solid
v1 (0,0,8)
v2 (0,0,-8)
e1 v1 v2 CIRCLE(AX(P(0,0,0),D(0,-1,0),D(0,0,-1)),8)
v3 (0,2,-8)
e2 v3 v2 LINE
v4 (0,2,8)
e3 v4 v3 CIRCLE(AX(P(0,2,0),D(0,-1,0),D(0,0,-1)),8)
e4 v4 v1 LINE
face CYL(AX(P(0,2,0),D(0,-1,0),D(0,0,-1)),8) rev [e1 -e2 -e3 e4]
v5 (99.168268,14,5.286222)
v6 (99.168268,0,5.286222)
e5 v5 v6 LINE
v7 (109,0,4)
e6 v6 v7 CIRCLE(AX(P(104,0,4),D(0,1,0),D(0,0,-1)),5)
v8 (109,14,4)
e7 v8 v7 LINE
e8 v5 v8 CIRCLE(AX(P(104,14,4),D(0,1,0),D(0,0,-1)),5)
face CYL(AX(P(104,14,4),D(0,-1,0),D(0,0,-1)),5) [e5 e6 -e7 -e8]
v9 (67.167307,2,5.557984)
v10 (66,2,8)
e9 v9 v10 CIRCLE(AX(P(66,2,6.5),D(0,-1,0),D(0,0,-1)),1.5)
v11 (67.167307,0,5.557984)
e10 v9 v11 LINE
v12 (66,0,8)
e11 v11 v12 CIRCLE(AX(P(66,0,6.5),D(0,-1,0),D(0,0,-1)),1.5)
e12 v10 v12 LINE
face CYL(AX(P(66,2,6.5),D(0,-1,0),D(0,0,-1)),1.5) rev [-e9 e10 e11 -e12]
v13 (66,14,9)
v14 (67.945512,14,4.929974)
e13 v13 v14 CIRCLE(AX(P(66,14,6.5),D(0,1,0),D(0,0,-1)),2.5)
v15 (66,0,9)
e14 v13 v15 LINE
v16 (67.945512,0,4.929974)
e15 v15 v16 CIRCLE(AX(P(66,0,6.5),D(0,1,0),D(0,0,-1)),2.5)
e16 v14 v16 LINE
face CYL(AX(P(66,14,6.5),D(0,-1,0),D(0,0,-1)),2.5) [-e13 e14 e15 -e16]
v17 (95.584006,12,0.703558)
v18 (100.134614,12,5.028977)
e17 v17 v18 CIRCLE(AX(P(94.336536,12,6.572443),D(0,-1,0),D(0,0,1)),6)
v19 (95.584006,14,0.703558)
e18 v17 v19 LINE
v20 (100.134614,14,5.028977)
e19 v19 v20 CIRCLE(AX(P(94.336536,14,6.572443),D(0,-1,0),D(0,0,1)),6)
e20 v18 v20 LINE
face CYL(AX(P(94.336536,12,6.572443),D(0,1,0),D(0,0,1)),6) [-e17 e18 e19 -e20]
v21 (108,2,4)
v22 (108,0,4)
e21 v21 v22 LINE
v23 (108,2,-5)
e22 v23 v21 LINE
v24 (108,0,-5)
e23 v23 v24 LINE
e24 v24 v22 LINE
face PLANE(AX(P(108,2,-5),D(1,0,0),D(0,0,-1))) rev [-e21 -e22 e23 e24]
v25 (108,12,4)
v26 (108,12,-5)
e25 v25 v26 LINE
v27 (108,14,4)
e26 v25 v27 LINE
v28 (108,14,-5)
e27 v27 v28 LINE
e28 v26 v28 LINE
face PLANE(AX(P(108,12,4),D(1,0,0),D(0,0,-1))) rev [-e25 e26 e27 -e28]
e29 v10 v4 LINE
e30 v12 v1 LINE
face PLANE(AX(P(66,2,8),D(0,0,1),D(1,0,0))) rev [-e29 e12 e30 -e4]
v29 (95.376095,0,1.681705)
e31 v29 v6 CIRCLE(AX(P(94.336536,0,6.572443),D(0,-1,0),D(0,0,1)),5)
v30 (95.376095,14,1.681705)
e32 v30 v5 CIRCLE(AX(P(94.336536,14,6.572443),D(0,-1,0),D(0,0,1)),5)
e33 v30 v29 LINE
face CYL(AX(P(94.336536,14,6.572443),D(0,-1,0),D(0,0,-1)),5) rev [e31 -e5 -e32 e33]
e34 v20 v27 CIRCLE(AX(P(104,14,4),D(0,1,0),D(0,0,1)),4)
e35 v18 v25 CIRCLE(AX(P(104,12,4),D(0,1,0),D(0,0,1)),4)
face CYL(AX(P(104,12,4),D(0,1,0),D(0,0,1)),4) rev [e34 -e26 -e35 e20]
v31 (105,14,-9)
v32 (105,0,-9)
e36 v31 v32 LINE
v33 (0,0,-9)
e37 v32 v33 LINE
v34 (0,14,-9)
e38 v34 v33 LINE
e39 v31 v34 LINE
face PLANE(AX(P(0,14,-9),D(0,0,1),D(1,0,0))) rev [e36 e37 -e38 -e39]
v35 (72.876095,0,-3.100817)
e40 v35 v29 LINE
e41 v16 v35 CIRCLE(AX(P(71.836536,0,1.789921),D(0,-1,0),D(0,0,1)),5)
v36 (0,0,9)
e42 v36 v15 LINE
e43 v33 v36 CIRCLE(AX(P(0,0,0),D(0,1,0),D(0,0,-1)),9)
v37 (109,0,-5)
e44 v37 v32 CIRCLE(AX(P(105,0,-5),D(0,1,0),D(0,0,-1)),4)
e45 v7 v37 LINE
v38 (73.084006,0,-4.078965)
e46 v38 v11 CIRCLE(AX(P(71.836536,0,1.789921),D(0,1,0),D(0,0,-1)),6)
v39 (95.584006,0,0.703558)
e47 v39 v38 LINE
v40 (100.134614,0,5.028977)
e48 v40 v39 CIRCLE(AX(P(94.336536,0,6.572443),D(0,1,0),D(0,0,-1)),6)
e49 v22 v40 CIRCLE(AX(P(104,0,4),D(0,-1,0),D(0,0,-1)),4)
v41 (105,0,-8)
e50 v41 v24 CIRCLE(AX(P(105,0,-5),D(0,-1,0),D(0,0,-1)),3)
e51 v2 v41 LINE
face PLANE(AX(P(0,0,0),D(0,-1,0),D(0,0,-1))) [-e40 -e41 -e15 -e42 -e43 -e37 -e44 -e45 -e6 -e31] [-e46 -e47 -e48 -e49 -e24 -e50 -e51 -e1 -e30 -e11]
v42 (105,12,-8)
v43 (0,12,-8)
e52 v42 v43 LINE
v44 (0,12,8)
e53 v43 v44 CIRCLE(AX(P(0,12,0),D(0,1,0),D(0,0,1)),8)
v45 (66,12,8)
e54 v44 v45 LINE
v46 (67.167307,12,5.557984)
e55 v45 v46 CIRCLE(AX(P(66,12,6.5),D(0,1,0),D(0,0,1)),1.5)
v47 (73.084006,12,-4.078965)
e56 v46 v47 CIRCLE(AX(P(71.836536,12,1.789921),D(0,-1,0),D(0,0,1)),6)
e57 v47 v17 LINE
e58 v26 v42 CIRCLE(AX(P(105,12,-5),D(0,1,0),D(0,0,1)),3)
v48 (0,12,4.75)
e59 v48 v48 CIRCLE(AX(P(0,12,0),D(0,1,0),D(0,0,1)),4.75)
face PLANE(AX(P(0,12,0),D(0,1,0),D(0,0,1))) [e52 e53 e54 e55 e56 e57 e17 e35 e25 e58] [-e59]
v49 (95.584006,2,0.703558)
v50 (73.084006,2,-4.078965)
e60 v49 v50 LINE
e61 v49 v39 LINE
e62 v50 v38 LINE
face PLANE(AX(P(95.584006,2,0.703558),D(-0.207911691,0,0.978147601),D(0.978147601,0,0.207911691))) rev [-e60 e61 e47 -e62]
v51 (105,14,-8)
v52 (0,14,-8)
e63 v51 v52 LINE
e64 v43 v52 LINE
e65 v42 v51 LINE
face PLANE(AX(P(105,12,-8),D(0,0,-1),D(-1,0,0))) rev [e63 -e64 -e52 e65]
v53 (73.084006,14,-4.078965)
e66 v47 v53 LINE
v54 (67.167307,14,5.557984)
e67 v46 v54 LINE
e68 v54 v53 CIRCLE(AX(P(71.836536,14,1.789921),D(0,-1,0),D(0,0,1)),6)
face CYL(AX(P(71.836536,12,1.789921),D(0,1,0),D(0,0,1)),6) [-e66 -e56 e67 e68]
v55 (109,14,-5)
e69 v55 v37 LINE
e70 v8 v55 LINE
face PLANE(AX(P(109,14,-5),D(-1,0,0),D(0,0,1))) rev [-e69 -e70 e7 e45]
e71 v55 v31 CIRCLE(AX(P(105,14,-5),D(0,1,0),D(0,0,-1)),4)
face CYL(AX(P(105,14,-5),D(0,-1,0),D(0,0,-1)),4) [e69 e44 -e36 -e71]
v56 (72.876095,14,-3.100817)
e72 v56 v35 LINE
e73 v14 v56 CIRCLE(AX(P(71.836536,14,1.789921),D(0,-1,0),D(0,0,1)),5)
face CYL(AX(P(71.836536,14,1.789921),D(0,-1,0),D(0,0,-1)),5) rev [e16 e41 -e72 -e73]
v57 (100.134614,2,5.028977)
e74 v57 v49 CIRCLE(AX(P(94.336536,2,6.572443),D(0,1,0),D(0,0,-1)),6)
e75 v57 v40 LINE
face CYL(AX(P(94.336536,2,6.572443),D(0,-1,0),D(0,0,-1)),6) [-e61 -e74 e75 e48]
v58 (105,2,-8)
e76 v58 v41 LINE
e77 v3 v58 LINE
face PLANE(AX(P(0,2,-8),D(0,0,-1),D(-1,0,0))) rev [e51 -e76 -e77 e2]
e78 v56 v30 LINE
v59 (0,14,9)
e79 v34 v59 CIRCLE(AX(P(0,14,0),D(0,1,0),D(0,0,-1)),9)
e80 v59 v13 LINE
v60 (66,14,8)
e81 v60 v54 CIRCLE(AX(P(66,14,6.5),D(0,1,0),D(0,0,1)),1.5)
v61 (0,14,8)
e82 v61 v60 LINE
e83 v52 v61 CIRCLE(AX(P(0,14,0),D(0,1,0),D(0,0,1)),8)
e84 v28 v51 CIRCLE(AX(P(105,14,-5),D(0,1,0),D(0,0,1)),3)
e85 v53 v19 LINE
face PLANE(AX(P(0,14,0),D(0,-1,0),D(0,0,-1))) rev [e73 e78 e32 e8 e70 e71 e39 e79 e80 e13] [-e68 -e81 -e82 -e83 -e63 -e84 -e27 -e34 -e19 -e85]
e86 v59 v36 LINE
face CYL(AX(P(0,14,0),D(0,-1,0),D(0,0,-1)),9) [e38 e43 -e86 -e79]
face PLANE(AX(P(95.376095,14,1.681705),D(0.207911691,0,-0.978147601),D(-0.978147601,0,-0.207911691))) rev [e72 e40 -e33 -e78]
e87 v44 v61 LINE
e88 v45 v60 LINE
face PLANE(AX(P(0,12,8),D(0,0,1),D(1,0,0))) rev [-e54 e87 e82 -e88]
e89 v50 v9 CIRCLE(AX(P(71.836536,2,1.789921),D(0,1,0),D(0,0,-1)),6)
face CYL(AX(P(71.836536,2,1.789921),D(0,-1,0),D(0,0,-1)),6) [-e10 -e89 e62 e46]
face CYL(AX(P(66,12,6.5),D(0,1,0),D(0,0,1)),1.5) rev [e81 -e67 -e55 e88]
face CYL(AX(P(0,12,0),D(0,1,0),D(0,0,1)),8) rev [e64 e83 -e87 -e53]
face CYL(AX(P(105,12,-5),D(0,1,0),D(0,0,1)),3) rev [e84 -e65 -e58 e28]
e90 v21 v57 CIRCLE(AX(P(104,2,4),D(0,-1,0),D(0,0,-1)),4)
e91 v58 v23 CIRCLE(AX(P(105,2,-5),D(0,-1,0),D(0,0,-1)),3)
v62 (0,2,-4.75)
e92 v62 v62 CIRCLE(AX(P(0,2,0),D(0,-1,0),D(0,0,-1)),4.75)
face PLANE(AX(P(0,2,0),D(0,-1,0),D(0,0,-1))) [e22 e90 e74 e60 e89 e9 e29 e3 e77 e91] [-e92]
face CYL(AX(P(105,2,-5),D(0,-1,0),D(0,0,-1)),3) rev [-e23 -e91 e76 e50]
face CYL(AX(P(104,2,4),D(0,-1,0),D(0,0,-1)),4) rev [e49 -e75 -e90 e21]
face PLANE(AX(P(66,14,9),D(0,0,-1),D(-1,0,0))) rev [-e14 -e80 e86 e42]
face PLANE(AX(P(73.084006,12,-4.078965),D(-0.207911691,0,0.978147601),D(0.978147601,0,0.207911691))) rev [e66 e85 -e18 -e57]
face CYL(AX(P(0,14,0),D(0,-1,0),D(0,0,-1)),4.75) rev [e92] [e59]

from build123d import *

# Parameters (mm, degrees)
SKETCH1_R           = 4.75
BOSS_EXTRUDE1_DEPTH = 14
CUT_EXTRUDE1_DEPTH  = 2
CUT_EXTRUDE2_DEPTH  = 2


with BuildPart() as part:
    # Sketch1 → Boss-Extrude1 (new body)
    with BuildSketch(Plane(origin=(0, 0, 0), x_dir=(1, 0, 0), z_dir=(0, 1, 0))):
        with BuildLine():
            Line((0, 9), (105, 9))
            ThreePointArc((105, 9), (107.828427125, 7.828427125), (109, 5))
            Line((109, 5), (109, -4))
            ThreePointArc((109, -4), (104.648590849, -8.957754523), (99.168268036, -5.286221686))
            ThreePointArc((99.168268036, -5.286221686), (97.78126353, -2.948377598), (95.376094526, -1.681705369))
            Line((95.376094526, -1.681705369), (72.876094526, 3.100817269))
            ThreePointArc((72.876094526, 3.100817269), (67.575536844, 0.826161371), (67.945512024, -4.929973578))
            ThreePointArc((67.945512024, -4.929973578), (68.255556035, -7.578177617), (66, -9))
            Line((66, -9), (0, -9))
            ThreePointArc((0, -9), (-9, 0), (0, 9))
        make_face()
        Circle(SKETCH1_R, mode=Mode.SUBTRACT)
    extrude(amount=BOSS_EXTRUDE1_DEPTH)

    # Sketch4 → Cut-Extrude1 (cut)
    with BuildSketch(Plane(origin=(0, 14, 0), x_dir=(1, 0, 0), z_dir=(0, 1, 0))):
        with BuildLine():
            Line((0, -8), (66, -8))
            ThreePointArc((66, -8), (67.353333621, -7.14690657), (67.167307214, -5.557984147))
            ThreePointArc((67.167307214, -5.557984147), (66.723336999, 1.349377792), (73.084006216, 4.07896487))
            Line((73.084006216, 4.07896487), (95.584006216, -0.703557768))
            ThreePointArc((95.584006216, -0.703557768), (98.470209022, -2.223564443), (100.134614429, -5.028977349))
            ThreePointArc((100.134614429, -5.028977349), (104.518872679, -7.966203618), (108, -4))
            Line((108, -4), (108, 5))
            ThreePointArc((108, 5), (107.121320344, 7.121320344), (105, 8))
            Line((105, 8), (0, 8))
            ThreePointArc((0, 8), (-8, 0), (0, -8))
        make_face()
    extrude(amount=-CUT_EXTRUDE1_DEPTH, mode=Mode.SUBTRACT)

    # Sketch5 → Cut-Extrude2 (cut)
    with BuildSketch(Plane.XZ):
        with BuildLine():
            Line((0, -8), (105, -8))
            ThreePointArc((105, -8), (107.121320344, -7.121320344), (108, -5))
            Line((108, -5), (108, 4))
            ThreePointArc((108, 4), (104.518872679, 7.966203618), (100.134614429, 5.028977349))
            ThreePointArc((100.134614429, 5.028977349), (98.470209022, 2.223564443), (95.584006216, 0.703557768))
            Line((95.584006216, 0.703557768), (73.084006216, -4.07896487))
            ThreePointArc((73.084006216, -4.07896487), (66.723336999, -1.349377792), (67.167307214, 5.557984147))
            ThreePointArc((67.167307214, 5.557984147), (67.353333621, 7.14690657), (66, 8))
            Line((66, 8), (0, 8))
            ThreePointArc((0, 8), (-8, 0), (0, -8))
        make_face()
    extrude(amount=-CUT_EXTRUDE2_DEPTH, mode=Mode.SUBTRACT)


solid = part.part
